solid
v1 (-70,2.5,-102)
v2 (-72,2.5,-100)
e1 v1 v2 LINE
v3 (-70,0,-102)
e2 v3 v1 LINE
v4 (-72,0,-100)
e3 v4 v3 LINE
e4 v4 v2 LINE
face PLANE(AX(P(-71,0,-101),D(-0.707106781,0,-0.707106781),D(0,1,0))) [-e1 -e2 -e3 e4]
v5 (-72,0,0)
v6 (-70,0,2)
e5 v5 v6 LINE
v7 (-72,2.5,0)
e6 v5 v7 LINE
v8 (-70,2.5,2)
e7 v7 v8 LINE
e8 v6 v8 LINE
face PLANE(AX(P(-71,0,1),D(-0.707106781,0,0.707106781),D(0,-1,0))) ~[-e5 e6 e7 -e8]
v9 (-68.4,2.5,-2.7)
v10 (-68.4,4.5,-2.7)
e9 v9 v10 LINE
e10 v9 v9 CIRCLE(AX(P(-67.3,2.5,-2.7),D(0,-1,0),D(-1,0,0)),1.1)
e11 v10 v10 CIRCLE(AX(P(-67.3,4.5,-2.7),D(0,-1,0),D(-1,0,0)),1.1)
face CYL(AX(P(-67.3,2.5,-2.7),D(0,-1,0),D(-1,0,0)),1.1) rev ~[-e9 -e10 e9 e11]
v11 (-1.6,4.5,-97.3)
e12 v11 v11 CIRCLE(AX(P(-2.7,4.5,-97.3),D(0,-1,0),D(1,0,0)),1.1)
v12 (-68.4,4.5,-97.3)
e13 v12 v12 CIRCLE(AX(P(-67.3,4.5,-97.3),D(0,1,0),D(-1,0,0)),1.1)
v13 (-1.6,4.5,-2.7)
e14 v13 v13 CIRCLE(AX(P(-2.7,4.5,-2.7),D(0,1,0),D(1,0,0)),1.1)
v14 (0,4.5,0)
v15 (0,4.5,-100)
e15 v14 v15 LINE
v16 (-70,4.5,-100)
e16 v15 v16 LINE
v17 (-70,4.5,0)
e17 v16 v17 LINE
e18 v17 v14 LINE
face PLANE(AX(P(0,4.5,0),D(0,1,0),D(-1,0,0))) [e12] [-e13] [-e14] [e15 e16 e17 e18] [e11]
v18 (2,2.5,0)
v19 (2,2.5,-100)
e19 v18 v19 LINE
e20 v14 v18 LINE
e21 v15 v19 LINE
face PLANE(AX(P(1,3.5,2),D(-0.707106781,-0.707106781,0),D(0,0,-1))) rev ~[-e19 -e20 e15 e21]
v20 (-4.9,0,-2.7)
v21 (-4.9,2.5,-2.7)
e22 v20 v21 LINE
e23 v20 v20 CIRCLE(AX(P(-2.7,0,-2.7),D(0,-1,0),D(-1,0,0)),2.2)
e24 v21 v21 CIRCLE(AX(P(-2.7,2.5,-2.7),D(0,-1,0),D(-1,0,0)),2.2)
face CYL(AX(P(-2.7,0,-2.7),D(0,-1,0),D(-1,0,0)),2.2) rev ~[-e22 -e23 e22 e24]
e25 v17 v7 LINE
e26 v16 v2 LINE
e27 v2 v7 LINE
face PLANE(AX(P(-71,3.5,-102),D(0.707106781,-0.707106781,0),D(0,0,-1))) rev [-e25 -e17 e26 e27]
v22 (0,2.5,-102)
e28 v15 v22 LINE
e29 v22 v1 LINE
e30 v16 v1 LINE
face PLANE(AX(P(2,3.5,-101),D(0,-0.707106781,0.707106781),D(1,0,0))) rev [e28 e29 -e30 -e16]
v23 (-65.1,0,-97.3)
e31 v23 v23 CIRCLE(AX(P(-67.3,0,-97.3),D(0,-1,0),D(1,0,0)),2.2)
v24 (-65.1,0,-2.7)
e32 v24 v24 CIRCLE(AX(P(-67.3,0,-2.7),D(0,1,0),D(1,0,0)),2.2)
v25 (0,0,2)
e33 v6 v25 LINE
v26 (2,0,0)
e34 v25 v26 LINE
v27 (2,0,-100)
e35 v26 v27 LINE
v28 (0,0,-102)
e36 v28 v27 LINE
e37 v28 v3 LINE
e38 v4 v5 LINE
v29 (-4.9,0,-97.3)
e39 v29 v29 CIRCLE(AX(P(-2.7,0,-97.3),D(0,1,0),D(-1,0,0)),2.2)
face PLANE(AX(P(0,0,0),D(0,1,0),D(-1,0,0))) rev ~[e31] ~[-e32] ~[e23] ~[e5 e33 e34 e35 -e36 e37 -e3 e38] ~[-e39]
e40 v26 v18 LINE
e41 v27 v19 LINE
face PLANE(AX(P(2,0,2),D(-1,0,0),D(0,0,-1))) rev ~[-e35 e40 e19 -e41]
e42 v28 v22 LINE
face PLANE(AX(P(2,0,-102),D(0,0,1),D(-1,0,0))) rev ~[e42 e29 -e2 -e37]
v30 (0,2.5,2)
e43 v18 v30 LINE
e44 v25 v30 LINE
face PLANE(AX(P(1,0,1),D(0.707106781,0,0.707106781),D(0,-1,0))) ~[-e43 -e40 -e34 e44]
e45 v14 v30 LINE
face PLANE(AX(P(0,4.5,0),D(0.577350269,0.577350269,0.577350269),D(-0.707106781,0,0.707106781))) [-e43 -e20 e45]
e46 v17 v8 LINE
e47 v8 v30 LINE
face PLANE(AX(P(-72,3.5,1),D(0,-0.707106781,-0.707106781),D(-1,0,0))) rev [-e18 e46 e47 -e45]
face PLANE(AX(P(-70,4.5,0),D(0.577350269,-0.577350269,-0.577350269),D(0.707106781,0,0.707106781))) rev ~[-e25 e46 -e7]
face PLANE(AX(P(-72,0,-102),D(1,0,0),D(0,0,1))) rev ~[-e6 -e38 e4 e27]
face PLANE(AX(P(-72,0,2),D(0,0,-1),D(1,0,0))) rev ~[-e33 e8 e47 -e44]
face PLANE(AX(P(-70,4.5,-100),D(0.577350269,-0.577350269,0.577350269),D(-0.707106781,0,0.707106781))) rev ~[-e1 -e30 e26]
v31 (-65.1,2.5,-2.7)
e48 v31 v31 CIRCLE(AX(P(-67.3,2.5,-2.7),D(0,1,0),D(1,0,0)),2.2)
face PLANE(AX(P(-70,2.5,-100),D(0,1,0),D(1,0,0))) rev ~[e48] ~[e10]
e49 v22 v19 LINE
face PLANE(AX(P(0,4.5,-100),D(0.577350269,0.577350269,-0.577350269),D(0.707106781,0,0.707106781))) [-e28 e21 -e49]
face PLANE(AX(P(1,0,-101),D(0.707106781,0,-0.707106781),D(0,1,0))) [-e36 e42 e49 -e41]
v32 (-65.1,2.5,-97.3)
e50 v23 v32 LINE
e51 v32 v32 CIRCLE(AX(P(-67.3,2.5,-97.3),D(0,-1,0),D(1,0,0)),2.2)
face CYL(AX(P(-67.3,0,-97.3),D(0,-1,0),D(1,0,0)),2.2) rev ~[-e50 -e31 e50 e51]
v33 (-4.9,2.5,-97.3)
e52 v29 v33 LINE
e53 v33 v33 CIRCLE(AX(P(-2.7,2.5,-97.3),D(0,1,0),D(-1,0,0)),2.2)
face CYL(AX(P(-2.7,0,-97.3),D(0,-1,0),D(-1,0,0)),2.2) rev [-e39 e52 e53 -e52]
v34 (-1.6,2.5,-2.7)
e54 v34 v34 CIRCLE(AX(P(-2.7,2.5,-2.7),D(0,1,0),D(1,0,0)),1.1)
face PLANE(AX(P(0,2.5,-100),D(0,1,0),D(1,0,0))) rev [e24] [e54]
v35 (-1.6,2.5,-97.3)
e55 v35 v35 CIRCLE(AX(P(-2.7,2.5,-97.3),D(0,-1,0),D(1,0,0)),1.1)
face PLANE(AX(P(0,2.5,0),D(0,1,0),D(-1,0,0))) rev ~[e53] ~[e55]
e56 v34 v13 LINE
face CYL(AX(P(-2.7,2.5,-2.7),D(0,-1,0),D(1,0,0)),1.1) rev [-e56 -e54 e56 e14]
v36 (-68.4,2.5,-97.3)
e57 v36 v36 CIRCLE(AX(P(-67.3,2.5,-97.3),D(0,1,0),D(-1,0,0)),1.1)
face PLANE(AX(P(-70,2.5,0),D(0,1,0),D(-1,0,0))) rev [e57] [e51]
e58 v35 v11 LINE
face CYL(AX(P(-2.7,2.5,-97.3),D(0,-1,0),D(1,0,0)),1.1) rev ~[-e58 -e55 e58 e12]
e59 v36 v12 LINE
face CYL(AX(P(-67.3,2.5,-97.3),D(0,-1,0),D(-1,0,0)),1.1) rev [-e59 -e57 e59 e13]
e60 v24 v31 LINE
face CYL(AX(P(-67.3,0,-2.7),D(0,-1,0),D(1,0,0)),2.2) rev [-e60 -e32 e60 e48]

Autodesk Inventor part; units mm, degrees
ref_plane "YZ Plane" through (0, 0, 0) normal (1, 0, 0) x (0, 1, 0)
sketch "Sketch1" plane through (0, 0, 0) normal (0, 1, 0) x (-1, 0, 0)
  line L0 (0, 0) -> (70, 0) construction
  line L1 (70, 0) -> (70, -100) construction
  line L2 (70, -100) -> (0, -100) construction
  line L3 (0, -100) -> (0, 0) construction
  circle A0 centre (2.7, -97.3) radius 1.7 construction
  line L4 (0, -95.6) -> (4.4, -95.6) construction
  line L5 (4.4, -95.6) -> (4.4, -100) construction
  line L6 (72, 2) -> (-2, 2)
  line L7 (-2, 2) -> (-2, -102)
  line L8 (-2, -102) -> (72, -102)
  line L9 (72, -102) -> (72, 2)
  circle A1 centre (2.7, -97.3) radius 2.2
  dimension "d0" = 100
  dimension "d1" = 70
  dimension "d2" = 3.4
  dimension "d3" = 4.4
  dimension "d4" = 4.4
  dimension "d5" = 2
  dimension "d6" = 0.5
extrude "Extrusion3" add sketch "Sketch1" along normal blind 4.5 contours L9 L8 L7 L6 | A1
extrude "Extrusion4" cut sketch "Sketch1" along normal blind 2.5 contours A1
sketch "Sketch3" plane through (-2.7, 2.5, -97.3) normal (0, -1, 0) x (1, 0, 0)
  circle A0 centre (0, 0) radius 2.2 projected
  circle A1 centre (0, 0) radius 1.1
  point P0 (2.7, 97.3)
  dimension "d16" = 2.2
extrude "Extrusion5" cut sketch "Sketch3" against normal up to surface (2 mm away) contours A1
ref_plane "Work Plane3" through (2, 0, -50) normal (0, 0, -1) x (-1, 0, 0)
ref_plane "Work Plane4" through (-35, 0, -102) normal (-1, 0, 0) x (0, 0, 1)
mirror "Mirror1" about plane through (-35, 0, -102) normal (-1, 0, 0) of "Extrusion4", "Extrusion5"
mirror "Mirror2" about plane through (2, 0, -50) normal (0, 0, -1) of "Extrusion4", "Extrusion5", "Mirror1"
chamfer "Chamfer1" distance 2 angle 45 8 edges at (-72, 2.25, 2) (2, 2.25, 2) (-72, 2.25, -102) (2, 2.25, -102) (-35, 4.5, -102) (2, 4.5, -50) (-72, 4.5, -50) (-35, 4.5, 2)
properties part number "basePlate"
